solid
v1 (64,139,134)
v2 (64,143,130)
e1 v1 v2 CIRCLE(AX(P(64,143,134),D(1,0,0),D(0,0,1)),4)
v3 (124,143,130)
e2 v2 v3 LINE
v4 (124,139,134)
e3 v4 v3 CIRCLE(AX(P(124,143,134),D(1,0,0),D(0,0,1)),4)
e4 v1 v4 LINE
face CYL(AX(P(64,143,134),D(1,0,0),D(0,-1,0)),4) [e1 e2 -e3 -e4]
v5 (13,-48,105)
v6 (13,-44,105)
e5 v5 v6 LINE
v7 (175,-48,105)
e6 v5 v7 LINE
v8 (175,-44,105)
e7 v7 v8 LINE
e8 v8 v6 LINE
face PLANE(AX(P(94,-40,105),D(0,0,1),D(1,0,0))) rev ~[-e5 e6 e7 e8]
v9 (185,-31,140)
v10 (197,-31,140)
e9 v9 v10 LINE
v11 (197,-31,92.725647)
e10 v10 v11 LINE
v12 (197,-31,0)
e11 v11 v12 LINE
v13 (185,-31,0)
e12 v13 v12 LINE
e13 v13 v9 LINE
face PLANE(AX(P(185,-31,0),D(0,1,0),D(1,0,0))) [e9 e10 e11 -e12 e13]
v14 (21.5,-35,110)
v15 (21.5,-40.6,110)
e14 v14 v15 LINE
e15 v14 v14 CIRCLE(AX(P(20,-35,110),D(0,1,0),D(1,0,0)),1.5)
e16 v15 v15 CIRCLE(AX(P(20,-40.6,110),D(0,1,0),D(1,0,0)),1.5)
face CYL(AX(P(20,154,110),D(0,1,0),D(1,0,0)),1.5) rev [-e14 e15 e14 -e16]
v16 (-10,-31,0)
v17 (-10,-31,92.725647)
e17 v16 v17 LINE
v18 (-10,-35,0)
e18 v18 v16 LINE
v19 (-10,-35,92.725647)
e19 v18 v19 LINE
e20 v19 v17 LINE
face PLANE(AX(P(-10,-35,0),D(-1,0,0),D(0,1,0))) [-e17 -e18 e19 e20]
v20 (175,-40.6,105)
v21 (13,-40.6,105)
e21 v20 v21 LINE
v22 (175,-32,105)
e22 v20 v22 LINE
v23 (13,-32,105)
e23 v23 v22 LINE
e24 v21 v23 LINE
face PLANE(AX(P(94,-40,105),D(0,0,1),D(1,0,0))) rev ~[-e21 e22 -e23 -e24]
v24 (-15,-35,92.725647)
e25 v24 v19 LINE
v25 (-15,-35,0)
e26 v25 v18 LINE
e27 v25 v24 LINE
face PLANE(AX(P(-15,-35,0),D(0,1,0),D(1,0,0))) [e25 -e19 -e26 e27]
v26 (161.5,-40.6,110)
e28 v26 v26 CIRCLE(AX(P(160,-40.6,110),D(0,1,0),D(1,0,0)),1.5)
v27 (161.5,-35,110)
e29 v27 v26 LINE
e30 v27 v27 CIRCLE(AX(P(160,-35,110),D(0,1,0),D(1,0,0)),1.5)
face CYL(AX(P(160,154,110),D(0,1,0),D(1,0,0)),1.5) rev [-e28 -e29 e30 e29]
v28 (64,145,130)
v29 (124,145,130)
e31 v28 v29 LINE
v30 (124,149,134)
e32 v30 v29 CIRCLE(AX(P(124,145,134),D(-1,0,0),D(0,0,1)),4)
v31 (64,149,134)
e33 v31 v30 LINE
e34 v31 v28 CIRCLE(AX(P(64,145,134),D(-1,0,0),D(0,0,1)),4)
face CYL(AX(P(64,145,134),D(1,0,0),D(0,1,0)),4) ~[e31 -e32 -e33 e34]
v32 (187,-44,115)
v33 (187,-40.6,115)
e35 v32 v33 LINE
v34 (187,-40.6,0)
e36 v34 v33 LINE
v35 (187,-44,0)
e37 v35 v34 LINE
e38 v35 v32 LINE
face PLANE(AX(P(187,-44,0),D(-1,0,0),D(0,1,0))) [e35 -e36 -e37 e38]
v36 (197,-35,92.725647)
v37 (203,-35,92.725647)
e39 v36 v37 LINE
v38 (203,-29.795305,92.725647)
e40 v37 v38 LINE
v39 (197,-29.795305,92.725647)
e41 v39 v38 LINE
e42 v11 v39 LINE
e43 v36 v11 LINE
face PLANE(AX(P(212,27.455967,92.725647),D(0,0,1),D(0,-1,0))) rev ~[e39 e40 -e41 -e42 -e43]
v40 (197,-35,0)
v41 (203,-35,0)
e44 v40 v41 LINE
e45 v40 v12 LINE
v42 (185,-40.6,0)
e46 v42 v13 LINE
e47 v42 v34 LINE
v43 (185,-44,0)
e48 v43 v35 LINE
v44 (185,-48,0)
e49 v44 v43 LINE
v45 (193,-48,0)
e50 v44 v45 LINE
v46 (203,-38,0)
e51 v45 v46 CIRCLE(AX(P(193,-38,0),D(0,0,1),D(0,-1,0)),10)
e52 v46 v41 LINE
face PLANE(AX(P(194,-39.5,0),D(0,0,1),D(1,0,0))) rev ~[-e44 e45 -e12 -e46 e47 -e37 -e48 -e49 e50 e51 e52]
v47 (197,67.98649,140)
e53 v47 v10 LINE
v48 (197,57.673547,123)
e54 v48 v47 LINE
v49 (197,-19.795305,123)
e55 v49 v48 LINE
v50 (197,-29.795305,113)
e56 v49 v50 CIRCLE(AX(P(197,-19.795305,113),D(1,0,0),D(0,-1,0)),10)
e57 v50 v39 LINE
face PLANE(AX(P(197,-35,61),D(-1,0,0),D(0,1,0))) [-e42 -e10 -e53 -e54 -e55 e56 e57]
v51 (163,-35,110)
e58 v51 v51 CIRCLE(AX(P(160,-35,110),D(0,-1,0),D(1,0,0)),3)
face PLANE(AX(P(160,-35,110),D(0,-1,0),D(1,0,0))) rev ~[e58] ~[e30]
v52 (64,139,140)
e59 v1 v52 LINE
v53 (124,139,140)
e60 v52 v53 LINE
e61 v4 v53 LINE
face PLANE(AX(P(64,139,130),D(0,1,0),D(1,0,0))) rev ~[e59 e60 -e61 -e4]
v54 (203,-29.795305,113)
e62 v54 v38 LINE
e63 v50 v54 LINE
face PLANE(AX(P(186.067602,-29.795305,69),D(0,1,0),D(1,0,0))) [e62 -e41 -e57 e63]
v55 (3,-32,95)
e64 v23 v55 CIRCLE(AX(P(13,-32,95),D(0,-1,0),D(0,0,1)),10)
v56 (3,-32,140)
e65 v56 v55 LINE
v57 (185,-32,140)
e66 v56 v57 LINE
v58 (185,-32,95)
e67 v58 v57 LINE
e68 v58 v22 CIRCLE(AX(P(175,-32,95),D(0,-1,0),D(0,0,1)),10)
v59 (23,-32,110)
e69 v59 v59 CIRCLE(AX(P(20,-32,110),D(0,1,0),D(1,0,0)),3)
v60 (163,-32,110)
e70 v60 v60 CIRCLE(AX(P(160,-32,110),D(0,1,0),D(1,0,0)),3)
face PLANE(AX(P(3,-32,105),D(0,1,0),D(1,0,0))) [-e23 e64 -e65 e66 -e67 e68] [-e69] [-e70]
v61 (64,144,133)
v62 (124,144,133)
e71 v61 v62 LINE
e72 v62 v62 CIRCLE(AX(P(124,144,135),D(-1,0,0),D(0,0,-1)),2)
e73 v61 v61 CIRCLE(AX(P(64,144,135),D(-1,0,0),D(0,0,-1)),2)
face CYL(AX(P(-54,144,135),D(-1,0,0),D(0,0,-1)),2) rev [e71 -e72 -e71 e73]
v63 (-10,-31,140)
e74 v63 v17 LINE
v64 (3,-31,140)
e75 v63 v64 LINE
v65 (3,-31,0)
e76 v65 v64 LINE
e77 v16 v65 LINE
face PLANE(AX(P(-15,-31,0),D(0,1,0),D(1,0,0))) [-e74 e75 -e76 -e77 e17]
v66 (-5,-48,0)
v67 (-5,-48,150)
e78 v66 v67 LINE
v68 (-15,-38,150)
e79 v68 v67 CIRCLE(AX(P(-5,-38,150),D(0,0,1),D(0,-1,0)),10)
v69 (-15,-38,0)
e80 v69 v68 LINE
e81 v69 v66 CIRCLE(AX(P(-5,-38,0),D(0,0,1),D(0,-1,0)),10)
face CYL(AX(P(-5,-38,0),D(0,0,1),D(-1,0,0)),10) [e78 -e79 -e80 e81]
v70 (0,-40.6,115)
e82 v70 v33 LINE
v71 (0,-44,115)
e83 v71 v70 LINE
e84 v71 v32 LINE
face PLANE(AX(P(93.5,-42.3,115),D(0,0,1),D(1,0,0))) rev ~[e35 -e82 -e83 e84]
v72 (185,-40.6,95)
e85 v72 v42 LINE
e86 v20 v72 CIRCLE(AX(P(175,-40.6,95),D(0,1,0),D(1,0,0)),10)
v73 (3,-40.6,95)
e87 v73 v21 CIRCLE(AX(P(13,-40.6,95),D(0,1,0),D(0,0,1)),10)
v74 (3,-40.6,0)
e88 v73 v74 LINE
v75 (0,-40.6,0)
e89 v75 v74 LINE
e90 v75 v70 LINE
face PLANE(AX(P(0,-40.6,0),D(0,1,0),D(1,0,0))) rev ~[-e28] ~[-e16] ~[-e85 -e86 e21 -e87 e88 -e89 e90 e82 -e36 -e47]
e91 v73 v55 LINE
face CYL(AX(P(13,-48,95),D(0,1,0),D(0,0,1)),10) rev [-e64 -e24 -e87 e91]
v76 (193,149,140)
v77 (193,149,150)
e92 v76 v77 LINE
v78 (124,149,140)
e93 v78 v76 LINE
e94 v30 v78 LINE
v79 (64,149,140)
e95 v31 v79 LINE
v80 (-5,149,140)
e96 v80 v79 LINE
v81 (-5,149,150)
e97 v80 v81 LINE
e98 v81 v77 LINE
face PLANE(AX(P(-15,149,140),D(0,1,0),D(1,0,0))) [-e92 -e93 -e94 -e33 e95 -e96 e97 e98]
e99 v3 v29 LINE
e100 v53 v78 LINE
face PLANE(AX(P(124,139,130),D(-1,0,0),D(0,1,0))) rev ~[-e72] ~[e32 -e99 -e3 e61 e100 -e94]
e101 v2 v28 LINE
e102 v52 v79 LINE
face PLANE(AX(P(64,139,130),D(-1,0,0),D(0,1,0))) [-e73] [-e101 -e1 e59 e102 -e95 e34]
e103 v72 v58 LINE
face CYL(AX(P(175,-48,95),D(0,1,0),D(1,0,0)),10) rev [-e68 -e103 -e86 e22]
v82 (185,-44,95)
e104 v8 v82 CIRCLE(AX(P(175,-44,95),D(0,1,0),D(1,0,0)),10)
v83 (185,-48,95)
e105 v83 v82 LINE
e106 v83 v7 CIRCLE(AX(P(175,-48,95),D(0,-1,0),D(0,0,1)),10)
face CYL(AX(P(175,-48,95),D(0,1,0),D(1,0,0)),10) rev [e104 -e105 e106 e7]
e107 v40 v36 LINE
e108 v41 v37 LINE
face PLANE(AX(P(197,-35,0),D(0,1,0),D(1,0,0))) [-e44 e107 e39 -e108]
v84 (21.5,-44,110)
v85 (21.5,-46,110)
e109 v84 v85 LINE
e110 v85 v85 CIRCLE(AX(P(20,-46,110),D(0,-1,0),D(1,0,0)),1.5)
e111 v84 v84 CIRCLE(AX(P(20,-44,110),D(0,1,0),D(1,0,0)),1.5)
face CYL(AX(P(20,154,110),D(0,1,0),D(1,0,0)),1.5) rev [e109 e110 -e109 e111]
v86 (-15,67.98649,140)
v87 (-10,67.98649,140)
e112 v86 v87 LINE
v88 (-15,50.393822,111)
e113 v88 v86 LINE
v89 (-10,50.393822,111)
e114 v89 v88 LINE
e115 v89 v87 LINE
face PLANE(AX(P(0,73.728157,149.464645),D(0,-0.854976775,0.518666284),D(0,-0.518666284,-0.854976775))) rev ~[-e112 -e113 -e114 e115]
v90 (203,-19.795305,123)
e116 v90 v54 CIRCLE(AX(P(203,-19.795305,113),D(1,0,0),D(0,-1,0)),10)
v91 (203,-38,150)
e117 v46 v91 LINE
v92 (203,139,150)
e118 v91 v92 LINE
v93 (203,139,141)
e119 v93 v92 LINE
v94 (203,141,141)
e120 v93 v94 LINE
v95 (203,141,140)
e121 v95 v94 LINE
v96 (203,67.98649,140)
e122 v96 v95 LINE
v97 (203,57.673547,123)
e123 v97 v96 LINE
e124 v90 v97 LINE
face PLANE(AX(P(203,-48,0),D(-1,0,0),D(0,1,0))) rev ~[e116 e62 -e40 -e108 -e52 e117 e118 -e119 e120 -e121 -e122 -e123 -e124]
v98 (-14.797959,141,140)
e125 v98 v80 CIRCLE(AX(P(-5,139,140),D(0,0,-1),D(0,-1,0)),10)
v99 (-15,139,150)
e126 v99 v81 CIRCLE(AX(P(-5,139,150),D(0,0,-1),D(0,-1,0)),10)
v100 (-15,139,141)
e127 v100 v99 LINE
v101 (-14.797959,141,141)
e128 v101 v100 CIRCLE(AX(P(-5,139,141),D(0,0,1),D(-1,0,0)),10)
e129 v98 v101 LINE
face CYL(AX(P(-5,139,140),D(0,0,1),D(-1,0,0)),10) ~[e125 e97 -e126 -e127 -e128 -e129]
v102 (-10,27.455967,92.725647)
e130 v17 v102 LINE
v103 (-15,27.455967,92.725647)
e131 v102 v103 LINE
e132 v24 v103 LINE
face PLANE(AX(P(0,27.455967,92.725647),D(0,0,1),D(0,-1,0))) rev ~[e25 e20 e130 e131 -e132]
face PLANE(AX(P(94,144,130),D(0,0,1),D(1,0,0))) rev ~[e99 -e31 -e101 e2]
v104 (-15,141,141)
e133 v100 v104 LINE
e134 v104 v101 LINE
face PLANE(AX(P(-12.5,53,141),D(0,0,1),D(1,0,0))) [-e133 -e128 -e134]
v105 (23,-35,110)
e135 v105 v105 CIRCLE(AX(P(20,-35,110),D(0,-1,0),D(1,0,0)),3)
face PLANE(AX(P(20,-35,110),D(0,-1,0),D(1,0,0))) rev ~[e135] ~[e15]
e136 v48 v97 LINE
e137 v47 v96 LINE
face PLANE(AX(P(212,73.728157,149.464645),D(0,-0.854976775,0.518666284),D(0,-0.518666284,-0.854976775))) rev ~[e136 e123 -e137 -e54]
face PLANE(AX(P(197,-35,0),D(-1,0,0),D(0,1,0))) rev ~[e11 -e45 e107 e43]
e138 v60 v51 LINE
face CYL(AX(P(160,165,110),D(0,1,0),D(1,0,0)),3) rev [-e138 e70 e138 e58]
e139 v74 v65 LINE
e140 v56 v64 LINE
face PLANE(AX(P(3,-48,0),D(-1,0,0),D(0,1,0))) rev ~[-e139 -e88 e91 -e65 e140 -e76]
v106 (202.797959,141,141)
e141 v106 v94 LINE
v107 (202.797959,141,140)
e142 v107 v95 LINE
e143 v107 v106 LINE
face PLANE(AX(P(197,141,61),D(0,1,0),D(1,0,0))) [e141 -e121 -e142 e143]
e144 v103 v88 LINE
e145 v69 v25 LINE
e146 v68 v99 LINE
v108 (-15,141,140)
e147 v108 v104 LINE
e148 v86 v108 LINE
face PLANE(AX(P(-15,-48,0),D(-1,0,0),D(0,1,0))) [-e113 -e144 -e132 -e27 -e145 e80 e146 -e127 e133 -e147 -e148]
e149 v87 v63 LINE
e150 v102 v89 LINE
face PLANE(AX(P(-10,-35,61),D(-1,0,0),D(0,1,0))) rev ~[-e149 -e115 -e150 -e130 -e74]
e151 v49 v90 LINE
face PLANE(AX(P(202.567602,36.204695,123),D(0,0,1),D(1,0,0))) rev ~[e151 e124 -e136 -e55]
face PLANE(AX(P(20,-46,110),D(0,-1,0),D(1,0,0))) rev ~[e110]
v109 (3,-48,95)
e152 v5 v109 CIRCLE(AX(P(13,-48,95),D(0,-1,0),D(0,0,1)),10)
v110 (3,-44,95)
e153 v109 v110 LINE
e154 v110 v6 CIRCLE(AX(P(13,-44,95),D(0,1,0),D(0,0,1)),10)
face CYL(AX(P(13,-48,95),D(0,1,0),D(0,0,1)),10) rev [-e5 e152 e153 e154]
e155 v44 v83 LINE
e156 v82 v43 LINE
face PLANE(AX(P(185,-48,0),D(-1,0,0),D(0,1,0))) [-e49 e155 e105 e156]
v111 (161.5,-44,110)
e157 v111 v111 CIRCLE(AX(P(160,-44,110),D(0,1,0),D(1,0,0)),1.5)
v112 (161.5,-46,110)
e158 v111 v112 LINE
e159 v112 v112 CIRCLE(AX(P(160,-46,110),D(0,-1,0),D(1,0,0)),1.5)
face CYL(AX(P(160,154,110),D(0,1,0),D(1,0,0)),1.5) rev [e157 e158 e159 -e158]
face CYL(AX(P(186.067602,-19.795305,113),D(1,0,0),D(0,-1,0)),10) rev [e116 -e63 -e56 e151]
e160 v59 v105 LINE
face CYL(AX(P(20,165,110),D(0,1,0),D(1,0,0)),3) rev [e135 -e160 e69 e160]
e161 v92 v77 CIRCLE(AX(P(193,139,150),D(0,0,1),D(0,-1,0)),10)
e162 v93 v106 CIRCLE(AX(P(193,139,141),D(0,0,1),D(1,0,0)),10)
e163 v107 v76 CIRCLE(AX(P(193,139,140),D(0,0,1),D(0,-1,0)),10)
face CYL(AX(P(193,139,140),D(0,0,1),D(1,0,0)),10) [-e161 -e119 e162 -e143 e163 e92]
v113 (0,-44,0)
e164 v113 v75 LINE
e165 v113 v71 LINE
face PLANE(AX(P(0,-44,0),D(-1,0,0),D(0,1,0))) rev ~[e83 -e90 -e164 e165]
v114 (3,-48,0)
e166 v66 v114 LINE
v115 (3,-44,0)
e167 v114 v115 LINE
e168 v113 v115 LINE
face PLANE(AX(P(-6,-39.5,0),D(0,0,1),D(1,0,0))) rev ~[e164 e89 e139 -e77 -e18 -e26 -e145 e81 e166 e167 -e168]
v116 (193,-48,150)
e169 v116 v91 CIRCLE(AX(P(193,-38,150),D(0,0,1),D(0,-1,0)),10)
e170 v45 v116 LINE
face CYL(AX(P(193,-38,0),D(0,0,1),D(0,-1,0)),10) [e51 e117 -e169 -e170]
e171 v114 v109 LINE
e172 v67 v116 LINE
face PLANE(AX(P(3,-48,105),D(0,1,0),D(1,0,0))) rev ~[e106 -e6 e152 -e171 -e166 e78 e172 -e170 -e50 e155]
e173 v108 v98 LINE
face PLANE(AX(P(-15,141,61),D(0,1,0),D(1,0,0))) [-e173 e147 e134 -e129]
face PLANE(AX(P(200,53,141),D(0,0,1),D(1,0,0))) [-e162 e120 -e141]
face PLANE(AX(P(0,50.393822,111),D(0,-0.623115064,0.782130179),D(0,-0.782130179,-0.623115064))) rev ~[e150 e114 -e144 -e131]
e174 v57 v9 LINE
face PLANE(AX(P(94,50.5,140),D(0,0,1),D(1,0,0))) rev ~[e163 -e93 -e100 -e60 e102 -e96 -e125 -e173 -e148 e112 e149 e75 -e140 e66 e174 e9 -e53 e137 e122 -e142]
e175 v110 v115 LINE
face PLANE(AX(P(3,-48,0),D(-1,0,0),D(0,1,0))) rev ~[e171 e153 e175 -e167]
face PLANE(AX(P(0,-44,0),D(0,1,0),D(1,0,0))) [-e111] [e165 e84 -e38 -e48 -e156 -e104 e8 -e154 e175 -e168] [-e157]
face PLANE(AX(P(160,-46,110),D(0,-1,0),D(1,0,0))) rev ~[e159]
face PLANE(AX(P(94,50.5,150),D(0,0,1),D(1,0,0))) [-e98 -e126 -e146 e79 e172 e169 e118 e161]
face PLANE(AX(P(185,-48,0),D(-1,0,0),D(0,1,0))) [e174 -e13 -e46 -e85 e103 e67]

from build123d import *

# Parameters (mm, degrees)
BOX100_W                  = 187
BOX100_H                  = 3.4
BOX100_DEPTH              = 115
CYLINDER175_R             = 3
CYLINDER175_DEPTH         = 200
CYLINDER175_ROLL_ANGLE    = 90
CYLINDER176_R             = 3
CYLINDER176_DEPTH         = 200
CYLINDER176_ROLL_ANGLE    = 90
CYLINDER178_R             = 1.5
CYLINDER178_DEPTH         = 200
CYLINDER178_ROLL_ANGLE    = 90
CYLINDER177_R             = 1.5
CYLINDER177_DEPTH         = 200
CYLINDER177_ROLL_ANGLE    = 90
PAD090_DEPTH              = 55
BOX094_W                  = 5
BOX094_H                  = 176
BOX094_DEPTH              = 140
PAD091_DEPTH              = 55
BOX095_W                  = 6
BOX095_H                  = 176
BOX095_DEPTH              = 140
BOX093_W                  = 33
BOX093_H                  = 132
BOX093_DEPTH              = 54
BOX093_PLACEMENT_ANGLE    = 3
FILLET087_R               = 10
FILLET087_PLACEMENT_ANGLE = -3
BOX091_W                  = 18
BOX091_H                  = 17
BOX091_DEPTH              = 140
FILLET086_R               = 10
BOX090_W                  = 18
BOX090_H                  = 17
BOX090_DEPTH              = 140
FILLET085_R               = 10
BOX092_W                  = 182
BOX092_H                  = 16
BOX092_DEPTH              = 35
BOX097_W                  = 6
BOX097_H                  = 176
BOX097_DEPTH              = 80
BOX096_W                  = 5
BOX096_H                  = 176
BOX096_DEPTH              = 80
BOX088_W                  = 218
BOX088_H                  = 197
BOX088_DEPTH              = 10
FILLET083_R               = 10
FILLET084_R               = 10
CYLINDER172_R             = 2
CYLINDER172_DEPTH         = 300
CYLINDER172_PITCH_ANGLE   = 90
BOX099_W                  = 60
BOX099_H                  = 10
BOX099_DEPTH              = 10
FILLET089_R               = 4
FILLET090_R               = 10
FILLET091_R               = 10


with BuildPart() as cubo095:
    # Box100 → Box100 (new body)
    with BuildSketch(Plane(origin=(0, -44, 0), x_dir=(1, 0, 0), z_dir=(0, 0, 1))):
        with Locations((93.5, 1.7)):
            Rectangle(BOX100_W, BOX100_H)
    extrude(amount=BOX100_DEPTH)


with BuildPart() as varilla8y019:
    # Cylinder175 → Cylinder175 (new body)
    with BuildSketch(Plane.XY):
        Circle(CYLINDER175_R)
    extrude(amount=CYLINDER175_DEPTH)


with BuildPart() as varilla8y019_1:
    # Cylinder175 roll: moved
    add(varilla8y019.part.rotate(Axis((0, 0, 0), (1, 0, 0)), CYLINDER175_ROLL_ANGLE))


with BuildPart() as varilla8y019_2:
    # Cylinder175 placement: moved
    add(varilla8y019_1.part.moved(Location((20, 165, 110))))


with BuildPart() as varilla8y020:
    # Cylinder176 → Cylinder176 (new body)
    with BuildSketch(Plane.XY):
        Circle(CYLINDER176_R)
    extrude(amount=CYLINDER176_DEPTH)


with BuildPart() as varilla8y020_1:
    # Cylinder176 roll: moved
    add(varilla8y020.part.rotate(Axis((0, 0, 0), (1, 0, 0)), CYLINDER176_ROLL_ANGLE))


with BuildPart() as varilla8y020_2:
    # Cylinder176 placement: moved
    add(varilla8y020_1.part.moved(Location((160, 165, 110))))


with BuildPart() as varilla8y022:
    # Cylinder178 → Cylinder178 (new body)
    with BuildSketch(Plane.XY):
        Circle(CYLINDER178_R)
    extrude(amount=CYLINDER178_DEPTH)


with BuildPart() as varilla8y022_1:
    # Cylinder178 roll: moved
    add(varilla8y022.part.rotate(Axis((0, 0, 0), (1, 0, 0)), CYLINDER178_ROLL_ANGLE))


with BuildPart() as varilla8y022_2:
    # Cylinder178 placement: moved
    add(varilla8y022_1.part.moved(Location((160, 154, 110))))


with BuildPart() as varilla8y021:
    # Cylinder177 → Cylinder177 (new body)
    with BuildSketch(Plane.XY):
        Circle(CYLINDER177_R)
    extrude(amount=CYLINDER177_DEPTH)


with BuildPart() as varilla8y021_1:
    # Cylinder177 roll: moved
    add(varilla8y021.part.rotate(Axis((0, 0, 0), (1, 0, 0)), CYLINDER177_ROLL_ANGLE))


with BuildPart() as varilla8y021_2:
    # Cylinder177 placement: moved
    add(varilla8y021_1.part.moved(Location((20, 154, 110))))


with BuildPart() as pad090:
    # Sketch098 → Pad090 (new body)
    with BuildSketch(Plane(origin=(0, 0, 0), x_dir=(0, -1, 0), z_dir=(-1, 0, 0))):
        Polygon((-174.561249, 149.464645), (-73.728157, 149.464645), (-50.393822, 111), (-27.455967, 92.725647), (51.678024, 92.725647), (59.260941, 172), (-154.48703, 174.345367), align=None)
    extrude(amount=PAD090_DEPTH)


with BuildPart() as cut209:
    # Box094 → Box094 (new body)
    with BuildSketch(Plane(origin=(-15, -35, 0), x_dir=(1, 0, 0), z_dir=(0, 0, 1))):
        with Locations((2.5, 88)):
            Rectangle(BOX094_W, BOX094_H)
    extrude(amount=BOX094_DEPTH)

    # Cut209: cut Pad090
    add(pad090.part, mode=Mode.SUBTRACT)


with BuildPart() as pad091:
    # Sketch099 → Pad091 (new body)
    with BuildSketch(Plane(origin=(0, 0, 0), x_dir=(0, -1, 0), z_dir=(-1, 0, 0))):
        Polygon((-174.561249, 149.464645), (-73.728157, 149.464645), (-50.393822, 111), (-27.455967, 92.725647), (51.678024, 92.725647), (59.260941, 172), (-154.48703, 174.345367), align=None)
    extrude(amount=PAD091_DEPTH)


with BuildPart() as cut210:
    # Box095 → Box095 (new body)
    with BuildSketch(Plane(origin=(-15, -35, 0), x_dir=(1, 0, 0), z_dir=(0, 0, 1))):
        with Locations((3, 88)):
            Rectangle(BOX095_W, BOX095_H)
    extrude(amount=BOX095_DEPTH)

    # Cut210: cut Pad091
    add(pad091.part, mode=Mode.SUBTRACT)


with BuildPart() as cut210_1:
    # Cut210 placement: moved
    add(cut210.part.moved(Location((212, 0, 0))))


with BuildPart() as fillet104:
    # Box093 → Box093 (new body)
    with BuildSketch(Plane.XY):
        with Locations((16.5, 66)):
            Rectangle(BOX093_W, BOX093_H)
    extrude(amount=BOX093_DEPTH)


with BuildPart() as fillet104_1:
    # Box093 placement: moved
    add(fillet104.part.moved(Location((188, -32, 69))).rotate(Axis((188, -32, 69), (0, 0, 1)), BOX093_PLACEMENT_ANGLE))

    # Fillet087
    fillet087_edges = [fillet104_1.edges().sort_by_distance(p)[0] for p in [
        (204.477387, -31.136457, 69),
        (204.477387, -31.136457, 123),
        (197.569041, 100.682642, 69),
        (197.569041, 100.682642, 123),
    ]]
    fillet(fillet087_edges, radius=FILLET087_R)


with BuildPart() as fillet104_2:
    # Fillet087 placement: moved
    add(fillet104_1.part.moved(Location((0, 12, 0))).rotate(Axis((0, 12, 0), (0, 0, 1)), FILLET087_PLACEMENT_ANGLE))


with BuildPart() as fillet103:
    # Box091 → Box091 (new body)
    with BuildSketch(Plane(origin=(185, -48, 0), x_dir=(1, 0, 0), z_dir=(0, 0, 1))):
        with Locations((9, 8.5)):
            Rectangle(BOX091_W, BOX091_H)
    extrude(amount=BOX091_DEPTH)

    # Fillet086
    fillet086_edges = [fillet103.edges().sort_by_distance(p)[0] for p in [
        (203, -48, 70),
    ]]
    fillet(fillet086_edges, radius=FILLET086_R)


with BuildPart() as fillet102:
    # Box090 → Box090 (new body)
    with BuildSketch(Plane(origin=(-15, -48, 0), x_dir=(1, 0, 0), z_dir=(0, 0, 1))):
        with Locations((9, 8.5)):
            Rectangle(BOX090_W, BOX090_H)
    extrude(amount=BOX090_DEPTH)

    # Fillet085
    fillet085_edges = [fillet102.edges().sort_by_distance(p)[0] for p in [
        (-15, -48, 70),
    ]]
    fillet(fillet085_edges, radius=FILLET085_R)


with BuildPart() as cubo087:
    # Box092 → Box092 (new body)
    with BuildSketch(Plane(origin=(3, -48, 105), x_dir=(1, 0, 0), z_dir=(0, 0, 1))):
        with Locations((91, 8)):
            Rectangle(BOX092_W, BOX092_H)
    extrude(amount=BOX092_DEPTH)


with BuildPart() as cubo092:
    # Box097 → Box097 (new body)
    with BuildSketch(Plane(origin=(197, -35, 61), x_dir=(1, 0, 0), z_dir=(0, 0, 1))):
        with Locations((3, 88)):
            Rectangle(BOX097_W, BOX097_H)
    extrude(amount=BOX097_DEPTH)


with BuildPart() as cubo091:
    # Box096 → Box096 (new body)
    with BuildSketch(Plane(origin=(-15, -35, 61), x_dir=(1, 0, 0), z_dir=(0, 0, 1))):
        with Locations((2.5, 88)):
            Rectangle(BOX096_W, BOX096_H)
    extrude(amount=BOX096_DEPTH)


with BuildPart() as cut213:
    # Box088 → Box088 (new body)
    with BuildSketch(Plane(origin=(-15, -48, 140), x_dir=(1, 0, 0), z_dir=(0, 0, 1))):
        with Locations((109, 98.5)):
            Rectangle(BOX088_W, BOX088_H)
    extrude(amount=BOX088_DEPTH)

    # Fillet083
    fillet083_edges = [cut213.edges().sort_by_distance(p)[0] for p in [
        (-15, 149, 145),
        (203, 149, 145),
    ]]
    fillet(fillet083_edges, radius=FILLET083_R)

    # Fillet084
    fillet084_edges = [cut213.edges().sort_by_distance(p)[0] for p in [
        (-15, -48, 145),
        (203, -48, 145),
    ]]
    fillet(fillet084_edges, radius=FILLET084_R)

    # Fusion092: union Cubo092, Cubo091
    add(cubo092.part)
    add(cubo091.part)

    # Fusion093: union Fillet103, Fillet102, Cubo087
    add(fillet103.part)
    add(fillet102.part)
    add(cubo087.part)

    # Cut211: cut Fillet104
    add(fillet104_2.part, mode=Mode.SUBTRACT)

    # Cut212: cut Cut210
    add(cut210_1.part, mode=Mode.SUBTRACT)

    # Cut213: cut Cut209
    add(cut209.part, mode=Mode.SUBTRACT)


with BuildPart() as varilla8x012:
    # Cylinder172 → Cylinder172 (new body)
    with BuildSketch(Plane.XY):
        Circle(CYLINDER172_R)
    extrude(amount=CYLINDER172_DEPTH)


with BuildPart() as varilla8x012_1:
    # Cylinder172 pitch: moved
    add(varilla8x012.part.rotate(Axis((0, 0, 0), (0, 1, 0)), CYLINDER172_PITCH_ANGLE))


with BuildPart() as varilla8x012_2:
    # Cylinder172 placement: moved
    add(varilla8x012_1.part.moved(Location((-54, 144, 135))))


with BuildPart() as top:
    # Box099 → Box099 (new body)
    with BuildSketch(Plane(origin=(64, 139, 130), x_dir=(1, 0, 0), z_dir=(0, 0, 1))):
        with Locations((30, 5)):
            Rectangle(BOX099_W, BOX099_H)
    extrude(amount=BOX099_DEPTH)

    # Fillet089
    fillet089_edges = [top.edges().sort_by_distance(p)[0] for p in [
        (94, 139, 130),
        (94, 149, 130),
    ]]
    fillet(fillet089_edges, radius=FILLET089_R)

    # Cut216: cut varilla8x012
    add(varilla8x012_2.part, mode=Mode.SUBTRACT)

    # Fusion094: union Cut213
    add(cut213.part)

    # Fillet090
    fillet090_edges = [top.edges().sort_by_distance(p)[0] for p in [
        (3, -40, 105),
    ]]
    fillet(fillet090_edges, radius=FILLET090_R)

    # Fillet091
    fillet091_edges = [top.edges().sort_by_distance(p)[0] for p in [
        (185, -40, 105),
    ]]
    fillet(fillet091_edges, radius=FILLET091_R)

    # Cut219: cut varilla8y021
    add(varilla8y021_2.part, mode=Mode.SUBTRACT)

    # Cut220: cut varilla8y022
    add(varilla8y022_2.part, mode=Mode.SUBTRACT)

    # Cut221: cut varilla8y020
    add(varilla8y020_2.part, mode=Mode.SUBTRACT)

    # Cut222: cut varilla8y019
    add(varilla8y019_2.part, mode=Mode.SUBTRACT)

    # Cut223: cut Cubo095
    add(cubo095.part, mode=Mode.SUBTRACT)


solid = top.part
